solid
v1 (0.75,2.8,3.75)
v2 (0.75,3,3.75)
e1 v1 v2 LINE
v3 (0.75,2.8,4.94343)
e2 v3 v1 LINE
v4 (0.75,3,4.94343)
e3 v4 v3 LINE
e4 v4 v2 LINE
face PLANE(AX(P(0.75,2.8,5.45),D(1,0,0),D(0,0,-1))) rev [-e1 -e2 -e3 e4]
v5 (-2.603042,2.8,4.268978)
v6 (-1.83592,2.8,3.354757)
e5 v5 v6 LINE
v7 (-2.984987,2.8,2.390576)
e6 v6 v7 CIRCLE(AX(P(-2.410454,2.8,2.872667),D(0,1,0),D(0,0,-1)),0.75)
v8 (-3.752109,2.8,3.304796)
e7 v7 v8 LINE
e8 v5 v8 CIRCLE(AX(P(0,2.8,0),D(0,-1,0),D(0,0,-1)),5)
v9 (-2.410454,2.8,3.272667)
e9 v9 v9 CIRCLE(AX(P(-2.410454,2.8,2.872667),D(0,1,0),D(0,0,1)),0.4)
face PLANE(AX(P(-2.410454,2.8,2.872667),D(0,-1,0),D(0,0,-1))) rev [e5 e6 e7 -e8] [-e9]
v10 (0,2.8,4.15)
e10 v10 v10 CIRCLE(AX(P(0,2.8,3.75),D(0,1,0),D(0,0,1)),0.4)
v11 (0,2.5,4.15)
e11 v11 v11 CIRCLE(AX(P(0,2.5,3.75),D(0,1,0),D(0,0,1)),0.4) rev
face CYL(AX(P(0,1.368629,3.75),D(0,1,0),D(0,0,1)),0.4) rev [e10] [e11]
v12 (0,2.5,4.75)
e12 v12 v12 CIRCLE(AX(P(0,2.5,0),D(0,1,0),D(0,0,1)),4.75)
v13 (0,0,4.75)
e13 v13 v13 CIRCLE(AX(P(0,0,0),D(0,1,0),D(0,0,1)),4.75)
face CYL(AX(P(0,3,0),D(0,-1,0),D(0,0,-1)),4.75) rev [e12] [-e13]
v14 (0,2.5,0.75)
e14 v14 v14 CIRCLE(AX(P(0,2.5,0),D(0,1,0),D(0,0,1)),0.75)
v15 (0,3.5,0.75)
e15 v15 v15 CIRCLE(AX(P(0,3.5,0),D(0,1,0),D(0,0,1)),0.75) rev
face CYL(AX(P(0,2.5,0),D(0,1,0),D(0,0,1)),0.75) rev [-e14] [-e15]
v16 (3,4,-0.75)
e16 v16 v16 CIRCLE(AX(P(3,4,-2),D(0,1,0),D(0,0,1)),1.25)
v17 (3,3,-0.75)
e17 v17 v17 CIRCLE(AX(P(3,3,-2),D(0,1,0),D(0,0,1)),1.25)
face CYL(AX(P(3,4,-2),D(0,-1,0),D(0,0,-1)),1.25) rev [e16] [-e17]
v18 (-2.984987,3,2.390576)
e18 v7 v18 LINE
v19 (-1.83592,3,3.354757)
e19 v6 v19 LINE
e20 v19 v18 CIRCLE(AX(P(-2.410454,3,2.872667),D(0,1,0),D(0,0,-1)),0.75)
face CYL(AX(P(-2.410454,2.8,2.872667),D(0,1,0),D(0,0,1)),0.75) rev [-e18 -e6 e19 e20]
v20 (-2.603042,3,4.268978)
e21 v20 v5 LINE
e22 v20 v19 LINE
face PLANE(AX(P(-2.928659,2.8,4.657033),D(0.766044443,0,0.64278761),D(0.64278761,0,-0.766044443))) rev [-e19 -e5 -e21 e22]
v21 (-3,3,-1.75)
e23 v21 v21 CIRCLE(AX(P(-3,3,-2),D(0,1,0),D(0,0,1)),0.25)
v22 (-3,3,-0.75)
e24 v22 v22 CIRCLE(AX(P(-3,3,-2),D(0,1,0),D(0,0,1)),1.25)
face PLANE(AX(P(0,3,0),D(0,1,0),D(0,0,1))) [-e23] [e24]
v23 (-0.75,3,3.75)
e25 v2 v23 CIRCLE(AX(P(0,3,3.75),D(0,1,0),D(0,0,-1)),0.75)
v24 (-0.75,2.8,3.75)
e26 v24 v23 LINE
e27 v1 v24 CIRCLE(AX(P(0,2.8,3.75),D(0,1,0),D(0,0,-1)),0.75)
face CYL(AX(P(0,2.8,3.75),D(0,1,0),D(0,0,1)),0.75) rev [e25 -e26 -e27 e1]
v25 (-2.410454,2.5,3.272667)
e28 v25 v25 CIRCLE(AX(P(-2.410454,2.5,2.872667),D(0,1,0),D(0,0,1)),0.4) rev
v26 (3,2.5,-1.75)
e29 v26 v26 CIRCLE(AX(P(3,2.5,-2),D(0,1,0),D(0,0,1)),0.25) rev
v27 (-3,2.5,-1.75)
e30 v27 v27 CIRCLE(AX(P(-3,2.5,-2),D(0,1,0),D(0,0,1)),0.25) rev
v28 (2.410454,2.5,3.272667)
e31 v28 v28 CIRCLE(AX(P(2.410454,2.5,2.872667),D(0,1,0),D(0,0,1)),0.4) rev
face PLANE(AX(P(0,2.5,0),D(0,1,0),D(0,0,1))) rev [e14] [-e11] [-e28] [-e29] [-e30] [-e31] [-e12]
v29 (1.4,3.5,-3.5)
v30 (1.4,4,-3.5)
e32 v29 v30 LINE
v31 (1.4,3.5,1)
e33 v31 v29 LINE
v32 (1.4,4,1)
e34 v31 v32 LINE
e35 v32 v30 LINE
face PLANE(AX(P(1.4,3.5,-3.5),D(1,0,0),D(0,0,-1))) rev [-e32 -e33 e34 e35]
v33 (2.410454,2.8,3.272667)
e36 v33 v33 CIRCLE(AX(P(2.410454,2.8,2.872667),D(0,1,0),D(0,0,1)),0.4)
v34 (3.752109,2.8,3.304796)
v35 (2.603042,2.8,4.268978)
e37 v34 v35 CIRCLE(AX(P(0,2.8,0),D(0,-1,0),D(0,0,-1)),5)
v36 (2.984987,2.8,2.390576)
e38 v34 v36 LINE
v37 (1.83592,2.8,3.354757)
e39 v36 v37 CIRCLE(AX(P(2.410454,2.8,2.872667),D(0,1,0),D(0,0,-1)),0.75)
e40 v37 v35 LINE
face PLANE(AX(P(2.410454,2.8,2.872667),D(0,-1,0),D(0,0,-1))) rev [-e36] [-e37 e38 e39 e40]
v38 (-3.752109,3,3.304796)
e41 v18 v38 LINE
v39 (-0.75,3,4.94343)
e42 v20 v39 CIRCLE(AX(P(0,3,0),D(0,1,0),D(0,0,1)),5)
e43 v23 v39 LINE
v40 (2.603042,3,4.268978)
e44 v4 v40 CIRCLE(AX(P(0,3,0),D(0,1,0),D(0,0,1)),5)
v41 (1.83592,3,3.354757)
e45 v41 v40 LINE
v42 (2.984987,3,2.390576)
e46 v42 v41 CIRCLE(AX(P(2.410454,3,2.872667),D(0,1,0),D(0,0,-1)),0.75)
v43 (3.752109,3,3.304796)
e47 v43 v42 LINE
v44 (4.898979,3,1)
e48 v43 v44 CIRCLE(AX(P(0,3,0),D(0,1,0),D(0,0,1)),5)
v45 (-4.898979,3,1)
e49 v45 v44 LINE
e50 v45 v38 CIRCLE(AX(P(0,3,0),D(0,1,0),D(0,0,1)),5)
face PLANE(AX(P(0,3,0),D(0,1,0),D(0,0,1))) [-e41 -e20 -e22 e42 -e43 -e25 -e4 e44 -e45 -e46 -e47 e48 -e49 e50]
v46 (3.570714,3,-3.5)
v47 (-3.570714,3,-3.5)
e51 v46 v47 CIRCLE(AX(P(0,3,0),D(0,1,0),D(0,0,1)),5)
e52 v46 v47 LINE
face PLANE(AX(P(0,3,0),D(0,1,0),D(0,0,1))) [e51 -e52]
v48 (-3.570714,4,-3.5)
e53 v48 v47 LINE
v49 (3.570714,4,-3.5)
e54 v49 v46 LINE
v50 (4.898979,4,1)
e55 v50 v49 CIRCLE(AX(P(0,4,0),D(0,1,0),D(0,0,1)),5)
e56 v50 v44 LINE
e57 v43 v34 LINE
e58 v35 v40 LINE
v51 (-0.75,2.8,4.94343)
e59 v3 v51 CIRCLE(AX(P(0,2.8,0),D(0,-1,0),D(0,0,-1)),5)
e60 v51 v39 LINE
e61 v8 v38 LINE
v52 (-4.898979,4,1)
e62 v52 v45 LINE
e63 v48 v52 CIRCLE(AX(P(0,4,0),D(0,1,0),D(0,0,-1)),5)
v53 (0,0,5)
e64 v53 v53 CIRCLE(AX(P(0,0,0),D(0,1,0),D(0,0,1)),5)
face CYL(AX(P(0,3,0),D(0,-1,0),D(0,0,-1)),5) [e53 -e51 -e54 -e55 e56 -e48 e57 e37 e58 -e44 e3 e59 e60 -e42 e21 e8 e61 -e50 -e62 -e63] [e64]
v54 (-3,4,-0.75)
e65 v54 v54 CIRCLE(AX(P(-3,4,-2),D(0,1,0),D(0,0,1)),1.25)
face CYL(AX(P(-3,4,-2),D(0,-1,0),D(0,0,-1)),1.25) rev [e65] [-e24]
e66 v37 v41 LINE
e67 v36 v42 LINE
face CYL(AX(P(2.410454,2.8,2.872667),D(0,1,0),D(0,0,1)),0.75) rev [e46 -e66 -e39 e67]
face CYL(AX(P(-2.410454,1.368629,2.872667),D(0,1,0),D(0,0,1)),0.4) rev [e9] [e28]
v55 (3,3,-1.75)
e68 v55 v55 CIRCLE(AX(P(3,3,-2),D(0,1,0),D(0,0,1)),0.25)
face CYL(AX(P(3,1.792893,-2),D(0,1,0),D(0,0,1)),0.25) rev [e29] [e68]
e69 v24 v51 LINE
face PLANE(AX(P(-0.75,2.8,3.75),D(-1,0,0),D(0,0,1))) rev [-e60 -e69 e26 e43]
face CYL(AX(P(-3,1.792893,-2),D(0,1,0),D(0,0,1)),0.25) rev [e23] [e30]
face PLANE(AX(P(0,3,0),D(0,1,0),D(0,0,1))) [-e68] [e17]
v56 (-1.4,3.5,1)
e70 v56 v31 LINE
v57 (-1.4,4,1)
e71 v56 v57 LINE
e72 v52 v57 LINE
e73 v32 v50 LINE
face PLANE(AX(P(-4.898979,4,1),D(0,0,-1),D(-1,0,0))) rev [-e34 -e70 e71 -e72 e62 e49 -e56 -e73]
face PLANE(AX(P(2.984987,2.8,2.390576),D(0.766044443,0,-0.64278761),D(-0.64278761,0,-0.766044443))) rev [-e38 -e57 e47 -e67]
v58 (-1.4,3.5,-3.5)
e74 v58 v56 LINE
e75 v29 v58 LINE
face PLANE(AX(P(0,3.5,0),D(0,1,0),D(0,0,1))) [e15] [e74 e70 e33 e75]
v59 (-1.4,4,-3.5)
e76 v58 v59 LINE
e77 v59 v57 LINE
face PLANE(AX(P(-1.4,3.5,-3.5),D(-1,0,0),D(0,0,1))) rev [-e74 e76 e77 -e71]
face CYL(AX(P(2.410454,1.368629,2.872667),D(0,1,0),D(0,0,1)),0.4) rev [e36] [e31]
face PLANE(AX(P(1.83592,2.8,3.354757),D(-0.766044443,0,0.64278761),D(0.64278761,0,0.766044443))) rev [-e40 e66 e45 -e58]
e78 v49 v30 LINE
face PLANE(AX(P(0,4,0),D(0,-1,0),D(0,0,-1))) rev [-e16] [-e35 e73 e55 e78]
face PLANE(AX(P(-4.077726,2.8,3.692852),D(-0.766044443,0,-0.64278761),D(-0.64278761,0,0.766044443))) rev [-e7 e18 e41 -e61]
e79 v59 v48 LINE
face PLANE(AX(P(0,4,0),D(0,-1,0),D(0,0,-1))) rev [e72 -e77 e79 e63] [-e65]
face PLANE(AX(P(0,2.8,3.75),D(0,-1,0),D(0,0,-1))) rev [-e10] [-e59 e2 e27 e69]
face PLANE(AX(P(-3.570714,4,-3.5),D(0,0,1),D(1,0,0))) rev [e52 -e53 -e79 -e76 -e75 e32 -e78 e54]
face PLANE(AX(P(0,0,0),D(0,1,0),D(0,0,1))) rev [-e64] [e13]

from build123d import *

# Parameters (mm, degrees)
SKETCH1_R           = 5
SKETCH1_R_2         = 4.75
BOSS_EXTRUDE1_DEPTH = 3
BOSS_EXTRUDE2_START = -0.5
SKETCH2_R           = 5
SKETCH2_R_2         = 0.75
BOSS_EXTRUDE2_DEPTH = 0.5
SKETCH3_R           = 0.75
SKETCH3_R_2         = 1.25
BOSS_EXTRUDE3_DEPTH = 1
SKETCH4_R           = 0.25
CUT_EXTRUDE1_DEPTH  = 0.5
SKETCH5_W           = 2.8
SKETCH5_H           = 4.5
CUT_EXTRUDE2_DEPTH  = 0.5
SKETCH6_R           = 0.4
CUT_EXTRUDE3_DEPTH  = 0.5
SKETCH7_R           = 0.4
CUT_EXTRUDE4_DEPTH  = 0.2


with BuildPart() as part:
    # Sketch1 → Boss-Extrude1 (new body)
    with BuildSketch(Plane(origin=(0, 0, 0), x_dir=(1, 0, 0), z_dir=(0, 1, 0))):
        with Locations(Location((0, 0, 0), (0, 0, 270))):
            Circle(SKETCH1_R)
        with Locations(Location((0, 0, 0), (0, 0, 270))):
            Circle(SKETCH1_R_2, mode=Mode.SUBTRACT)
    extrude(amount=BOSS_EXTRUDE1_DEPTH)

    # Sketch2 → Boss-Extrude2 (add)
    with BuildSketch(Plane(origin=(0, 3, 0), x_dir=(1, 0, 0), z_dir=(0, 1, 0)).offset(BOSS_EXTRUDE2_START)):
        with Locations(Location((0, 0, 0), (0, 0, 270))):
            Circle(SKETCH2_R)
        with Locations(Location((0, 0, 0), (0, 0, 270))):
            Circle(SKETCH2_R_2, mode=Mode.SUBTRACT)
    extrude(amount=BOSS_EXTRUDE2_DEPTH)

    # Sketch3 → Boss-Extrude3 (add)
    with BuildSketch(Plane(origin=(0, 3, 0), x_dir=(1, 0, 0), z_dir=(0, 1, 0))):
        with BuildLine():
            Line((-4.898979486, -1), (4.898979486, -1))
            ThreePointArc((4.898979486, -1), (4.795459086, 1.415475947), (3.570714214, 3.5))
            Line((3.570714214, 3.5), (-3.570714214, 3.5))
            ThreePointArc((-3.570714214, 3.5), (-4.795459086, 1.415475947), (-4.898979486, -1))
        make_face()
        with Locations(Location((0, 0, 0), (0, 0, 270))):
            Circle(SKETCH3_R, mode=Mode.SUBTRACT)
        with Locations(Location((3, 2, 0), (0, 0, 270))):
            Circle(SKETCH3_R_2, mode=Mode.SUBTRACT)
        with Locations(Location((-3, 2, 0), (0, 0, 270))):
            Circle(SKETCH3_R_2, mode=Mode.SUBTRACT)
    extrude(amount=BOSS_EXTRUDE3_DEPTH)

    # Sketch4 → Cut-Extrude1 (cut)
    with BuildSketch(Plane(origin=(0, 3, 0), x_dir=(1, 0, 0), z_dir=(0, 1, 0))):
        with Locations(Location((-3, 2, 0), (0, 0, 270))):
            Circle(SKETCH4_R)
        with Locations(Location((3, 2, 0), (0, 0, 270))):
            Circle(SKETCH4_R)
    extrude(amount=-CUT_EXTRUDE1_DEPTH, mode=Mode.SUBTRACT)

    # Sketch5 → Cut-Extrude2 (cut)
    with BuildSketch(Plane(origin=(0, 4, 0), x_dir=(1, 0, 0), z_dir=(0, 1, 0))):
        with Locations((0, 1.25)):
            Rectangle(SKETCH5_W, SKETCH5_H)
    extrude(amount=-CUT_EXTRUDE2_DEPTH, mode=Mode.SUBTRACT)

    # Sketch6 → Cut-Extrude3 (cut)
    with BuildSketch(Plane(origin=(0, 3, 0), x_dir=(1, 0, 0), z_dir=(0, 1, 0))):
        with Locations(Location((0, -3.75, 0), (0, 0, 270))):
            Circle(SKETCH6_R)
        with Locations(Location((2.410453536, -2.872666662, 0), (0, 0, 270))):
            Circle(SKETCH6_R)
        with Locations(Location((-2.410453536, -2.872666662, 0), (0, 0, 270))):
            Circle(SKETCH6_R)
    extrude(amount=-CUT_EXTRUDE3_DEPTH, mode=Mode.SUBTRACT)

    # Sketch7 → Cut-Extrude4 (cut)
    # profile 1 of 3: a face of its own
    with BuildSketch(Plane(origin=(0, 3, 0), x_dir=(1, 0, 0), z_dir=(0, 1, 0))):
        with BuildLine():
            Line((-0.75, -3.75), (-0.75, -5.45))
            Line((-0.75, -5.45), (0.75, -5.45))
            Line((0.75, -5.45), (0.75, -3.75))
            ThreePointArc((0.75, -3.75), (0, -3), (-0.75, -3.75))
        make_face()
        with Locations(Location((0, -3.75, 0), (0, 0, 270))):
            Circle(SKETCH7_R, mode=Mode.SUBTRACT)
    # profile 2 of 3: a face of its own
    with BuildSketch(Plane(origin=(0, 3, 0), x_dir=(1, 0, 0), z_dir=(0, 1, 0))):
        with BuildLine():
            Line((-2.92865914, -4.657032922), (-1.835920204, -3.354757369))
            ThreePointArc((-1.835920204, -3.354757369), (-1.928362829, -2.298133329), (-2.984986869, -2.390575954))
            Line((-2.984986869, -2.390575954), (-4.077725805, -3.692851508))
            Line((-4.077725805, -3.692851508), (-2.92865914, -4.657032922))
        make_face()
        with Locations(Location((-2.410453536, -2.872666662, 0), (0, 0, 270))):
            Circle(SKETCH7_R, mode=Mode.SUBTRACT)
    # profile 3 of 3: a face of its own
    with BuildSketch(Plane(origin=(0, 3, 0), x_dir=(1, 0, 0), z_dir=(0, 1, 0))):
        with BuildLine():
            Line((2.984986869, -2.390575954), (4.077725805, -3.692851508))
            Line((4.077725805, -3.692851508), (2.92865914, -4.657032922))
            Line((2.92865914, -4.657032922), (1.835920204, -3.354757369))
            ThreePointArc((1.835920204, -3.354757369), (1.928362829, -2.298133329), (2.984986869, -2.390575954))
        make_face()
        with Locations(Location((2.410453536, -2.872666662, 0), (0, 0, 270))):
            Circle(SKETCH7_R, mode=Mode.SUBTRACT)
    extrude(amount=-CUT_EXTRUDE4_DEPTH, mode=Mode.SUBTRACT)


solid = part.part
